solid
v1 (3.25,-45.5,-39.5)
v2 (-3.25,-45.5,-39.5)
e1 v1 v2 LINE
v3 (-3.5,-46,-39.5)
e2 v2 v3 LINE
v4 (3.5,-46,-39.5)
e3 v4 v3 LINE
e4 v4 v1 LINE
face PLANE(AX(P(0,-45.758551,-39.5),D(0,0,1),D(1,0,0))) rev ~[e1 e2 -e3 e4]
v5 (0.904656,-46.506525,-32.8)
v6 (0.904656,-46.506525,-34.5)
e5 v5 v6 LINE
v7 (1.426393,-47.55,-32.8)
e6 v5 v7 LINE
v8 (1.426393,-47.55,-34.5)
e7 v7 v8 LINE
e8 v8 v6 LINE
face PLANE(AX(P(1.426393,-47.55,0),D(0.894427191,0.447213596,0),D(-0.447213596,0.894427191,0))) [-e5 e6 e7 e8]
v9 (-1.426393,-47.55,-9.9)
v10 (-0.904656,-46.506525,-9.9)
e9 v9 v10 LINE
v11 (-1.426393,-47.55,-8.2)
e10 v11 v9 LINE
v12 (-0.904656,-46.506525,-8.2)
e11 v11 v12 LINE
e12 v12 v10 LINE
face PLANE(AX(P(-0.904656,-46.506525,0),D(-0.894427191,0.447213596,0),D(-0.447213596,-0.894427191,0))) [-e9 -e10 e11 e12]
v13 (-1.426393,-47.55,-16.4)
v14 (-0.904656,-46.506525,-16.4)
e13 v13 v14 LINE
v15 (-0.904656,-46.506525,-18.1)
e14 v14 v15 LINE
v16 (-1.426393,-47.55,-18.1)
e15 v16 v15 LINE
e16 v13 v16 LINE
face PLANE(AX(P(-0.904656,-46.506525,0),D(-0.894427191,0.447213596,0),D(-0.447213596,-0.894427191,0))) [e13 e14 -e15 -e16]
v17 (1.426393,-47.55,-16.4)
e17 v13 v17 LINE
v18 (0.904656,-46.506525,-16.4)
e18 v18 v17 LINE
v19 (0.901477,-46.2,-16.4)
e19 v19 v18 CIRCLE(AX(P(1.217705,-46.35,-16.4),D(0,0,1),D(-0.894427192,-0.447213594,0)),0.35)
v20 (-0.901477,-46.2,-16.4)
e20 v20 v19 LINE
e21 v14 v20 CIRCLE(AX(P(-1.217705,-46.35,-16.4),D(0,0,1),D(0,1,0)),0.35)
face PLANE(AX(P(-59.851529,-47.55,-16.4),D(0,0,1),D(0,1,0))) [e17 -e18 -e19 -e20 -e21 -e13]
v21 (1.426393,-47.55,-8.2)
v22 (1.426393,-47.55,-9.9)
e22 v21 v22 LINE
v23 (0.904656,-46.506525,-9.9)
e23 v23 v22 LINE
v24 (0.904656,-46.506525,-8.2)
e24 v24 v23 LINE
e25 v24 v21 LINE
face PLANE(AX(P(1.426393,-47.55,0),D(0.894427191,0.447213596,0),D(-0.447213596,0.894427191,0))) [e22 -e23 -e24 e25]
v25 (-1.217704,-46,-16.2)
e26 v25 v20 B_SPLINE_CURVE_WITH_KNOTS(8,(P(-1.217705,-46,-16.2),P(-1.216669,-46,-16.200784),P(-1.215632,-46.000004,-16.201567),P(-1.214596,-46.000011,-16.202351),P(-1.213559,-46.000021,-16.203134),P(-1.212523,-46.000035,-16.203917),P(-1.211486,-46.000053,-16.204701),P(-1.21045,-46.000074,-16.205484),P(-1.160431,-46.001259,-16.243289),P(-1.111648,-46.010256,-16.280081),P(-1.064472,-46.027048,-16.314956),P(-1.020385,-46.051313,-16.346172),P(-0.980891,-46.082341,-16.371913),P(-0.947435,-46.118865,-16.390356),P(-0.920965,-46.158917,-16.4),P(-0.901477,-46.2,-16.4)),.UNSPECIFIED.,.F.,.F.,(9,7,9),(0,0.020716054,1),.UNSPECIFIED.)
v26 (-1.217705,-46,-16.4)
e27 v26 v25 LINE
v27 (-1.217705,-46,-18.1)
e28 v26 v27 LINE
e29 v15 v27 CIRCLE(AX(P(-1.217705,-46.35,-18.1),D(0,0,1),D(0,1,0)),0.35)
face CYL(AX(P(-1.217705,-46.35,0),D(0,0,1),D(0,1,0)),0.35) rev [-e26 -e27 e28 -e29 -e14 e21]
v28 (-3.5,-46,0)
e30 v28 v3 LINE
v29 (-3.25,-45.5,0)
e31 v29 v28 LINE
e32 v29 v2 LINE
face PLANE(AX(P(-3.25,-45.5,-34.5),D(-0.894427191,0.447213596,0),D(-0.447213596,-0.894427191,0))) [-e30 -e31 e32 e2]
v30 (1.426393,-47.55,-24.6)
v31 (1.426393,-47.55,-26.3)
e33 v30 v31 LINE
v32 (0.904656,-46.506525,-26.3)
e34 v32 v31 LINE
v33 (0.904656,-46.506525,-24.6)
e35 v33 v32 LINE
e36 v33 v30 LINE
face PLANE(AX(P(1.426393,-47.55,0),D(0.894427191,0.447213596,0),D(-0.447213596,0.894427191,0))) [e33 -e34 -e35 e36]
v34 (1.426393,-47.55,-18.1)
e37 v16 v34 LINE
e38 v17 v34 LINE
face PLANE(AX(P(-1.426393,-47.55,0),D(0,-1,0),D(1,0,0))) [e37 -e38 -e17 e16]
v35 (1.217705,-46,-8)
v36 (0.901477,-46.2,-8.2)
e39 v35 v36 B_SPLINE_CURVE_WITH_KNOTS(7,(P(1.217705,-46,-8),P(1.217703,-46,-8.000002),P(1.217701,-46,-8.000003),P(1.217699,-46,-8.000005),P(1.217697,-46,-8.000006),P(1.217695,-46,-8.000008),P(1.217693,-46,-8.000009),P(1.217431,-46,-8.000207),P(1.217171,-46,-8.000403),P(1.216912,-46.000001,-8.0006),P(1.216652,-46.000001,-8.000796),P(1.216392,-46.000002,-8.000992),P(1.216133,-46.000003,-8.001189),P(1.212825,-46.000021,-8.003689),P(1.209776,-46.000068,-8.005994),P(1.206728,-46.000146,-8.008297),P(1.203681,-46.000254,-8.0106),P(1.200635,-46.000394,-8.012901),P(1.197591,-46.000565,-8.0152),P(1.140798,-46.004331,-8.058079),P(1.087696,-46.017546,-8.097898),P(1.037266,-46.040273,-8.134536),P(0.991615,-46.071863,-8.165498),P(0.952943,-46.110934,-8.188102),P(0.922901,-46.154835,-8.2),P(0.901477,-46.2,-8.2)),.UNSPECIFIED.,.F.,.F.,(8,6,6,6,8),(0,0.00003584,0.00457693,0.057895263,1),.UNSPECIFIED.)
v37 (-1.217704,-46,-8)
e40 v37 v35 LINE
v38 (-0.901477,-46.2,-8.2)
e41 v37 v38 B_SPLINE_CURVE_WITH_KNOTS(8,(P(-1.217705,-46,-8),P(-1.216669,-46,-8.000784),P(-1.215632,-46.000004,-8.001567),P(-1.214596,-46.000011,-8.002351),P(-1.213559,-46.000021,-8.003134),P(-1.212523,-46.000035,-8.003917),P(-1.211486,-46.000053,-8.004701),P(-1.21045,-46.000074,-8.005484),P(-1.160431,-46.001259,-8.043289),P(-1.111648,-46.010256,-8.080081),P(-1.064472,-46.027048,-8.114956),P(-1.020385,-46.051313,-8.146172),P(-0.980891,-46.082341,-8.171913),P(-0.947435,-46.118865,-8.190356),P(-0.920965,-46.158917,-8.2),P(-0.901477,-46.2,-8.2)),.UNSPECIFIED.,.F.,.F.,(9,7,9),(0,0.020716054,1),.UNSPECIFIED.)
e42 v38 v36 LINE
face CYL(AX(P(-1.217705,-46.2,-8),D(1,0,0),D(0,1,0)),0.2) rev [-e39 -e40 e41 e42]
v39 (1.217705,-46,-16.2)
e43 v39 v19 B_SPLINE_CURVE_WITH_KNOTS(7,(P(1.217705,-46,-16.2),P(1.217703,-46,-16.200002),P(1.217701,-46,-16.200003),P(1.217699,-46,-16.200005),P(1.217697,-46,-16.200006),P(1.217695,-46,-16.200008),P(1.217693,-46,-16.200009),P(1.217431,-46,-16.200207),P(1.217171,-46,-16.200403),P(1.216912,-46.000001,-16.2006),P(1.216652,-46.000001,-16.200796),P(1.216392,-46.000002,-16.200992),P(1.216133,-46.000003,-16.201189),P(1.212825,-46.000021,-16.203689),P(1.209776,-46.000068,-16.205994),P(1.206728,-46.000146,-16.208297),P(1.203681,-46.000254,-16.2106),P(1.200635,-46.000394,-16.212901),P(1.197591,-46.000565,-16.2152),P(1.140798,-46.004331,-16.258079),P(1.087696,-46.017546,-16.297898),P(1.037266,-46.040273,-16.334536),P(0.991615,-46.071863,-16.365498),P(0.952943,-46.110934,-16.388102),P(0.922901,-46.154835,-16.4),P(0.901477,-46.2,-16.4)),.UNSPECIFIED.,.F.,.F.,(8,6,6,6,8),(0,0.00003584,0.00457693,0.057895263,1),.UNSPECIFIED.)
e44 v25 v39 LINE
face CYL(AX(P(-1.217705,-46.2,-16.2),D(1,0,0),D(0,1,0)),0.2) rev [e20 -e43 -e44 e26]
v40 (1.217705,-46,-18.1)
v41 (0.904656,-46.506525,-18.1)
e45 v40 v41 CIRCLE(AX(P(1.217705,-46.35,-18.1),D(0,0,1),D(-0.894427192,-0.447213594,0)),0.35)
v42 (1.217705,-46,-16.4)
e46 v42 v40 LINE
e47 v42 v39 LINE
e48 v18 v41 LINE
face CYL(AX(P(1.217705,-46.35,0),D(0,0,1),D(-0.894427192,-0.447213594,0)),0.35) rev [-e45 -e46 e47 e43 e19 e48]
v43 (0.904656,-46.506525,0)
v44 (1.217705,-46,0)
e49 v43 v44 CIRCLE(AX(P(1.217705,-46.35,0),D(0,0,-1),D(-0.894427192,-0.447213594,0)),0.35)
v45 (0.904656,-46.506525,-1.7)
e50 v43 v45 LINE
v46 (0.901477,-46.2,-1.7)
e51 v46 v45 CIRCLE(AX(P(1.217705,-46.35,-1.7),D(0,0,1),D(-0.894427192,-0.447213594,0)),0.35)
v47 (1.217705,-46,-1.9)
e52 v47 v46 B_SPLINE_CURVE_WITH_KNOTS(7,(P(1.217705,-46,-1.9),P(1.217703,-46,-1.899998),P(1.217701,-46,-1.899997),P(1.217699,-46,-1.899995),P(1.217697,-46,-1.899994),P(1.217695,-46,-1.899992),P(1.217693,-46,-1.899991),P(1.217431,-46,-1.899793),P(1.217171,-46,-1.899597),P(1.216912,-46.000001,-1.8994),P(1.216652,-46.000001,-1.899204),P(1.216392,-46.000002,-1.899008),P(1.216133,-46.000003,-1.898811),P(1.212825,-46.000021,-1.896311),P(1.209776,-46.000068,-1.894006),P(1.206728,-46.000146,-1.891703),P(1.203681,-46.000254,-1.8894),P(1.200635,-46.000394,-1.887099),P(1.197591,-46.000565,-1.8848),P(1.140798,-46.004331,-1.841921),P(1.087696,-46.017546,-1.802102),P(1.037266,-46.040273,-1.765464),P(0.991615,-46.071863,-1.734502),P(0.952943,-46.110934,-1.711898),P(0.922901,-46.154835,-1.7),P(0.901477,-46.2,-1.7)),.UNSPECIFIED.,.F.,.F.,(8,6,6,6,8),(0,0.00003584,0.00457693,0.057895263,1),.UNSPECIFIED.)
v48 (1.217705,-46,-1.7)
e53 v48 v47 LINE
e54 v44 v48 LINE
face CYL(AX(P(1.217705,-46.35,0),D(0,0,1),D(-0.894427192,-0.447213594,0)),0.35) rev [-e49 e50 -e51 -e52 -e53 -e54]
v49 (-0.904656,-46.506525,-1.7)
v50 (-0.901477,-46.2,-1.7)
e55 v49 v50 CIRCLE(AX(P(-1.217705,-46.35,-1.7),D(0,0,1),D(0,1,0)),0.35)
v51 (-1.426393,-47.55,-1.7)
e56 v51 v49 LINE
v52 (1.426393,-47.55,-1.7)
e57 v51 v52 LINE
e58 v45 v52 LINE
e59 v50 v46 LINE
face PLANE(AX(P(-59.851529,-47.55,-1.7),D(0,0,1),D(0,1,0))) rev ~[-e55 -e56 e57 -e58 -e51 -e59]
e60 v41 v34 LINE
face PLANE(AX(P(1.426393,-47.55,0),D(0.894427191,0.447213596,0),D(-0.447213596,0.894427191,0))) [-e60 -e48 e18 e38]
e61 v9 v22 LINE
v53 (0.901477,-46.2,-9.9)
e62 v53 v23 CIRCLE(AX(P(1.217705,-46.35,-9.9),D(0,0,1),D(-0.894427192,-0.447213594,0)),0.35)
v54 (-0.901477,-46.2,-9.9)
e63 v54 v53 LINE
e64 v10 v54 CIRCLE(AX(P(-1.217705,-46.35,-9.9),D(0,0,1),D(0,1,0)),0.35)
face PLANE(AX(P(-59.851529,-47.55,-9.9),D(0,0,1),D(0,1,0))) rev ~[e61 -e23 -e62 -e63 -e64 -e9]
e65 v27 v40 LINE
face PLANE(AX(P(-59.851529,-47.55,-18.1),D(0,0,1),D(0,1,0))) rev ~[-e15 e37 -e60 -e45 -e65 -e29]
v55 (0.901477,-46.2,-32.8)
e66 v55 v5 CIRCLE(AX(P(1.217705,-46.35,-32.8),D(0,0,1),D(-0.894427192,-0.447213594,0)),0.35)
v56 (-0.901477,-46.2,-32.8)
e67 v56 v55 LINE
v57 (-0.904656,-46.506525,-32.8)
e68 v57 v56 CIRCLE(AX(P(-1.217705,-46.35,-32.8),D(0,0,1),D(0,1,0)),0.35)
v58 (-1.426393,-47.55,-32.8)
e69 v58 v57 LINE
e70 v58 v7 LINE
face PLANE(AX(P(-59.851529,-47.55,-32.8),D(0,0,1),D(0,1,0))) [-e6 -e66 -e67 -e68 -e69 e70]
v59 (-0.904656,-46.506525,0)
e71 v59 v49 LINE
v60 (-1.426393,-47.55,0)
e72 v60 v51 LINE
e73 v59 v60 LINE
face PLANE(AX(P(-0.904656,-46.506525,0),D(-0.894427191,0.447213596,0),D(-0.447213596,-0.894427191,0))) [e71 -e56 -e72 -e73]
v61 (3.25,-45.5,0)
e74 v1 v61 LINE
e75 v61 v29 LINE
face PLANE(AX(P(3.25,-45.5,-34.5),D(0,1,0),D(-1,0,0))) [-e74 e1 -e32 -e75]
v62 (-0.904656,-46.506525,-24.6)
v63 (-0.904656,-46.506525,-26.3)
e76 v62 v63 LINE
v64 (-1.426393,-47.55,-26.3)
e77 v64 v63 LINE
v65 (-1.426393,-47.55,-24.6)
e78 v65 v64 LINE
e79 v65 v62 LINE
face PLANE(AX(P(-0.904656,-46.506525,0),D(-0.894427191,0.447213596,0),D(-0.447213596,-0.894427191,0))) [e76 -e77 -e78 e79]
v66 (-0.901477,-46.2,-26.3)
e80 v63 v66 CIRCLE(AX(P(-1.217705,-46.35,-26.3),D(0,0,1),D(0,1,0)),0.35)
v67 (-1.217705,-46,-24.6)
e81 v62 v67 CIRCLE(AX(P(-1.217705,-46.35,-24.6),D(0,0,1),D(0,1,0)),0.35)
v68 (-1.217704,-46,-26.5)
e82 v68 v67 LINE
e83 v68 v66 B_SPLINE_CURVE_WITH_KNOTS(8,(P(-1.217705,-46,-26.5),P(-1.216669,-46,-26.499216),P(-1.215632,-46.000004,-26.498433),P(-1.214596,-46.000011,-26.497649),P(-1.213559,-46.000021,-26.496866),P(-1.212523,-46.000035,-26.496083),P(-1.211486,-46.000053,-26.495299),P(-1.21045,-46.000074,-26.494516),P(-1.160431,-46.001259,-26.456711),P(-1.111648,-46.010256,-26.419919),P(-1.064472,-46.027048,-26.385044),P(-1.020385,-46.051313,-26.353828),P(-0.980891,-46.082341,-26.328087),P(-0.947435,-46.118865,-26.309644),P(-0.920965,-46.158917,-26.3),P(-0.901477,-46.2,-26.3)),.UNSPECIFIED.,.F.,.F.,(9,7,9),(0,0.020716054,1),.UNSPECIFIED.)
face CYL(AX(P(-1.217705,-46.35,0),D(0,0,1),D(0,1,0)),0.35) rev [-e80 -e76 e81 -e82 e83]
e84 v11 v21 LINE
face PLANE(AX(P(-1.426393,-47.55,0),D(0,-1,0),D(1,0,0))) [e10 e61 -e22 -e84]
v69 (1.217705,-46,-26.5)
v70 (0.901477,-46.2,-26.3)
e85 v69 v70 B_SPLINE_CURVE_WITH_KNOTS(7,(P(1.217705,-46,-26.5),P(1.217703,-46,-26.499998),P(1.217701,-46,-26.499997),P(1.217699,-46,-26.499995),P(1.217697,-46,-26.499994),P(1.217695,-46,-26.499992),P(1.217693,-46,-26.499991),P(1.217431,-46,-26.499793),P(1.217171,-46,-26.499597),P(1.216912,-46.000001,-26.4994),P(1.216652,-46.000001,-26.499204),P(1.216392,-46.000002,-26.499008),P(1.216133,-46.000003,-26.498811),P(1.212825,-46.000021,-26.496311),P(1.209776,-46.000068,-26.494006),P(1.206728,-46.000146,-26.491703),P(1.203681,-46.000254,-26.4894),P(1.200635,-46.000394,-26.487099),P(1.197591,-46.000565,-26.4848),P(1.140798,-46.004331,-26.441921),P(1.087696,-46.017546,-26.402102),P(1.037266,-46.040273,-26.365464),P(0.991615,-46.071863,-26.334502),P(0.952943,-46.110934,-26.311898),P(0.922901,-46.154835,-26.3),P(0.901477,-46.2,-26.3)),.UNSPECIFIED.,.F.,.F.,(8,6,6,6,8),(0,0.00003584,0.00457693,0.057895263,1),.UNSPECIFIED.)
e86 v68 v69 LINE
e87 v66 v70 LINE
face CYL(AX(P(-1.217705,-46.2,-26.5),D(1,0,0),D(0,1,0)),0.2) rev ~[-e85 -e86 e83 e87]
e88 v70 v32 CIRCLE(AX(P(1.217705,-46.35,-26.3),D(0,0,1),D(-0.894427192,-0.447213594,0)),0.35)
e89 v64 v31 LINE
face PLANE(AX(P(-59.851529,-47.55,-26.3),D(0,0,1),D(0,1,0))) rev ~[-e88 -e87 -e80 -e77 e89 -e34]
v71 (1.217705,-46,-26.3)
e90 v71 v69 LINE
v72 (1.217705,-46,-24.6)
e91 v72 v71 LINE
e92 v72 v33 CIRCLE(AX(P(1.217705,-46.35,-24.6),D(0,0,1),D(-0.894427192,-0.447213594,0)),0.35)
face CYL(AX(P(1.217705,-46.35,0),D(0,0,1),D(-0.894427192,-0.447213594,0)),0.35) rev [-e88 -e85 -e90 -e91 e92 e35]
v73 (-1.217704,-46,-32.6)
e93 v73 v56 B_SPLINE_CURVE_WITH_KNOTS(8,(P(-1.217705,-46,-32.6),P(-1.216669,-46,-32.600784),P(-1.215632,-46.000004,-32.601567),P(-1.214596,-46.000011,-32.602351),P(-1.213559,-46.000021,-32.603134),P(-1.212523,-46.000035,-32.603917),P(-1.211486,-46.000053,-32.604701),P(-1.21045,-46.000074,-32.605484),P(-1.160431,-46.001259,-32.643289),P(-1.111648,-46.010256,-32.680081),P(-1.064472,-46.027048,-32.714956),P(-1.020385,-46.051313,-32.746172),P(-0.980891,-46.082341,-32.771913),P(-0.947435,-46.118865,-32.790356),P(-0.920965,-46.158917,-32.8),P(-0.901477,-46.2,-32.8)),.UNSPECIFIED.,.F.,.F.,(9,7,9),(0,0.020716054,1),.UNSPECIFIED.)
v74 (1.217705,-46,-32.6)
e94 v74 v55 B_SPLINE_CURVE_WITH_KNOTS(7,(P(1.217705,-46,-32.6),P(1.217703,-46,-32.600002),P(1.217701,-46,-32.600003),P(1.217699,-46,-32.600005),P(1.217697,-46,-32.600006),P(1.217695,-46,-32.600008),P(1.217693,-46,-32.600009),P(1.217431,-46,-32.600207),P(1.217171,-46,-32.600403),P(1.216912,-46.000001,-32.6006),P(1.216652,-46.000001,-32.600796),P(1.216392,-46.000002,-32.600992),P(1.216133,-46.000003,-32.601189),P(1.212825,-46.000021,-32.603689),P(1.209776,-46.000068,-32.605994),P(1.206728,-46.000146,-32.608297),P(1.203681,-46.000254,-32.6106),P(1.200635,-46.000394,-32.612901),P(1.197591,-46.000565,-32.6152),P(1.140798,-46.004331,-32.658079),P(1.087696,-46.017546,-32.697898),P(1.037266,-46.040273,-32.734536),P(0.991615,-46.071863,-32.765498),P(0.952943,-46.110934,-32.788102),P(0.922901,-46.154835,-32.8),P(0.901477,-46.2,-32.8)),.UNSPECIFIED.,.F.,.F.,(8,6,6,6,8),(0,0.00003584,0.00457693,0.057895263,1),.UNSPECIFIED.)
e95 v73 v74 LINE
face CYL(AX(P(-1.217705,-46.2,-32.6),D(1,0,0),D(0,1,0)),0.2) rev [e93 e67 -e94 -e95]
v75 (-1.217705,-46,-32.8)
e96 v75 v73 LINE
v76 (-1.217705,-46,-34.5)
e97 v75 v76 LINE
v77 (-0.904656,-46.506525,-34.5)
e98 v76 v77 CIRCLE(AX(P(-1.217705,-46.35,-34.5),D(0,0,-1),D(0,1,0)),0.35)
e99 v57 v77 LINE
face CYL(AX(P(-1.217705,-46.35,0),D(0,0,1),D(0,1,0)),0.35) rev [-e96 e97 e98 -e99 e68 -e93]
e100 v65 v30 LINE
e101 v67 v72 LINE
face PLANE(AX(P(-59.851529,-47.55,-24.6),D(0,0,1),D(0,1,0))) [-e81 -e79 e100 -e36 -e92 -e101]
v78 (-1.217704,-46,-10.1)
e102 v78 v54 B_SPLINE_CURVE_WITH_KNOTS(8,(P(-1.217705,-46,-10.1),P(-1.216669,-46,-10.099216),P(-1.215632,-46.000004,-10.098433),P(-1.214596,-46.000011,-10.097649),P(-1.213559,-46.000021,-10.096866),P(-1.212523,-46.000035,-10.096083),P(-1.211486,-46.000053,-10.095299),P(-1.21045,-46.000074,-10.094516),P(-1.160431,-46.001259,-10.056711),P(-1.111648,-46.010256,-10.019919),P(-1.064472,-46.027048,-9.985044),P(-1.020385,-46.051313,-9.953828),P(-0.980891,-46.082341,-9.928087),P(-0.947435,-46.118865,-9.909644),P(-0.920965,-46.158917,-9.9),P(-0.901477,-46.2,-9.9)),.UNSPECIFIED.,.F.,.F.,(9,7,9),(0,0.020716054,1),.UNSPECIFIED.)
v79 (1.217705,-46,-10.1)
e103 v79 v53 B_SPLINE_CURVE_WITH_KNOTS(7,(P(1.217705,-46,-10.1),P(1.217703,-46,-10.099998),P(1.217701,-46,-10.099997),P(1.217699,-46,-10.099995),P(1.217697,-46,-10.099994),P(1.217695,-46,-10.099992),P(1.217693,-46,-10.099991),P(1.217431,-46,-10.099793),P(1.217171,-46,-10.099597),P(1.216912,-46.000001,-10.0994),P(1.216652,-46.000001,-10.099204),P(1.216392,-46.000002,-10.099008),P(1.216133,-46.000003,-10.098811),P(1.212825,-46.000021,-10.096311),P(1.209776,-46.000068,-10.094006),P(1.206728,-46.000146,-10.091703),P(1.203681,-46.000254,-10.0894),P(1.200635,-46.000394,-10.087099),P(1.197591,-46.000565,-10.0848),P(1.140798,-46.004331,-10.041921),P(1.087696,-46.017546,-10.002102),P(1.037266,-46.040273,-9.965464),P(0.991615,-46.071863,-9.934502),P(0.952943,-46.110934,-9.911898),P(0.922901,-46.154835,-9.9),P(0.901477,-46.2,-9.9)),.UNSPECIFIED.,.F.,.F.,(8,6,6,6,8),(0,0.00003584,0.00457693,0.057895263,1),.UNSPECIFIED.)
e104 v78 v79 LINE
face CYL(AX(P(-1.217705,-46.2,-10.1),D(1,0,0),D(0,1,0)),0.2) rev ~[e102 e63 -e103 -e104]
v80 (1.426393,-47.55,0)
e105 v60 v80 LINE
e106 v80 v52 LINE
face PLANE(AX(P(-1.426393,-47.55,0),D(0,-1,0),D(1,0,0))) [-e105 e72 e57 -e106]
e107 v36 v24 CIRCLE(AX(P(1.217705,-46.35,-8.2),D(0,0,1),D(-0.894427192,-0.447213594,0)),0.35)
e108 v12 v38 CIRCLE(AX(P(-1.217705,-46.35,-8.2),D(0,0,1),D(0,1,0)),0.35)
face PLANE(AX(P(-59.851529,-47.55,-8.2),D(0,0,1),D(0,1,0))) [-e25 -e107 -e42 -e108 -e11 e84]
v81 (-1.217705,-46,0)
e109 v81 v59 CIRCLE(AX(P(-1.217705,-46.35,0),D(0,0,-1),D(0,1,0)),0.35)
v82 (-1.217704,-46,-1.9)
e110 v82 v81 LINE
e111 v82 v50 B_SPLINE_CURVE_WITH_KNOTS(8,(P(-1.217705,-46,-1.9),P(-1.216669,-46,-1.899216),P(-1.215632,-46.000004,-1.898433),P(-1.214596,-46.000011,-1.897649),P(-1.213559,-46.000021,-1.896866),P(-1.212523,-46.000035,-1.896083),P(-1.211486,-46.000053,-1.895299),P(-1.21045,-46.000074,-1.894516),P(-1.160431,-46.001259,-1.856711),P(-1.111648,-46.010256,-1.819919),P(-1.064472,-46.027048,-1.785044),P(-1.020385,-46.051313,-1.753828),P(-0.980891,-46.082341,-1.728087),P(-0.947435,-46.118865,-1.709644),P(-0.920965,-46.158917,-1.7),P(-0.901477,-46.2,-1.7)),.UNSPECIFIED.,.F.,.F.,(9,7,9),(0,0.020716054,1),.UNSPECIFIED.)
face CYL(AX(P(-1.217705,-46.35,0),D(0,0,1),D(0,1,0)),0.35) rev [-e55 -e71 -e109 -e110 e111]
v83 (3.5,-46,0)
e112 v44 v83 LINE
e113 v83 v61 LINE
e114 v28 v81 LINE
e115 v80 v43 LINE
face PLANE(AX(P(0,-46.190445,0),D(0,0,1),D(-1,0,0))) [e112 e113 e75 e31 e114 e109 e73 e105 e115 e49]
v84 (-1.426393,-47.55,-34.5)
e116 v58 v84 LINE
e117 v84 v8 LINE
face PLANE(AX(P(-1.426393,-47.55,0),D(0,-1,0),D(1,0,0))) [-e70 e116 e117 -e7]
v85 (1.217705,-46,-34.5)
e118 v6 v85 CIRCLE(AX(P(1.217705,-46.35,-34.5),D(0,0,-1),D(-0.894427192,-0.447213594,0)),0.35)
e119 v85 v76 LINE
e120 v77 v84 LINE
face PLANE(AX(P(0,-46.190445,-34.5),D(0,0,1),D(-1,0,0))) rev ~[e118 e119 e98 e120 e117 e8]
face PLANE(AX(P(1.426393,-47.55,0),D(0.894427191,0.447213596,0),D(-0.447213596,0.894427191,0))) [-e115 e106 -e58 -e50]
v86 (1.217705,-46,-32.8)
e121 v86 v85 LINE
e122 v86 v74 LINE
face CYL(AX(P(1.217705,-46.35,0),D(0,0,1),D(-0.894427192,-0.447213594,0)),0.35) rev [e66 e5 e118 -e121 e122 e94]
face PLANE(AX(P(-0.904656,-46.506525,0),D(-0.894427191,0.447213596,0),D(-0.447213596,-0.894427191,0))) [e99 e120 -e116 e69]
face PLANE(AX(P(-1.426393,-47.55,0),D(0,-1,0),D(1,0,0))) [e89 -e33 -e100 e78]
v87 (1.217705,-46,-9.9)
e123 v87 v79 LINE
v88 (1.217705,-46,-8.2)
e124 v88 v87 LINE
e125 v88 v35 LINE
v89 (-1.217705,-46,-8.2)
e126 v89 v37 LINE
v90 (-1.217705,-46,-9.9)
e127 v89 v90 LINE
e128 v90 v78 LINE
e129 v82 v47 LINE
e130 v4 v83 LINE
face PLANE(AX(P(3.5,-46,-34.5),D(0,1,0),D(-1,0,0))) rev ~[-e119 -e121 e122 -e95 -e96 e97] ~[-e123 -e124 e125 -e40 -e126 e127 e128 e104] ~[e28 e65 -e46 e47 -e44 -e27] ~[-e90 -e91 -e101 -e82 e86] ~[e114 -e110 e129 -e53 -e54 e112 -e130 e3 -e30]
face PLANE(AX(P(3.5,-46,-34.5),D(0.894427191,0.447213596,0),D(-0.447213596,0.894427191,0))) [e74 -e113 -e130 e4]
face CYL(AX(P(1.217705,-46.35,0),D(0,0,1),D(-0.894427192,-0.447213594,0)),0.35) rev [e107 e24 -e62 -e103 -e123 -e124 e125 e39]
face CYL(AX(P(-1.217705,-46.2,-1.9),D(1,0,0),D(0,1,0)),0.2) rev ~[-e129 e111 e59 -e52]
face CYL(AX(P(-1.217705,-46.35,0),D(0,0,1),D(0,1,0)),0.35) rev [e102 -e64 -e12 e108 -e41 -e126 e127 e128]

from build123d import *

# Parameters (mm, degrees)
BOSS_EXTRUDE1_DEPTH     = 34.5
CUT_EXTRUDE1_DEPTH      = 59.851529292
CUT_EXTRUDE1_DEPTH_BACK = 59.851529292
SKETCH2_W               = 6.5
SKETCH2_H               = 1.55
BOSS_EXTRUDE2_DEPTH     = 5
FILLET1_R               = 0.2


with BuildPart() as part:
    # Sketch1 → Boss-Extrude1 (new body)
    with BuildSketch(Plane(origin=(0, 0, 0), x_dir=(1, 0, 0), z_dir=(0, 0, -1))):
        with BuildLine():
            Line((-3.5, 46), (-1.217705098, 46))
            ThreePointArc((-1.217705098, 46), (-0.919977315, 46.165994111), (-0.904655581, 46.506524758))
            Line((-0.904655581, 46.506524758), (-1.426393202, 47.55))
            Line((-1.426393202, 47.55), (1.426393202, 47.55))
            Line((1.426393202, 47.55), (0.904655581, 46.506524758))
            ThreePointArc((0.904655581, 46.506524758), (0.919977315, 46.165994111), (1.217705098, 46))
            Line((1.217705098, 46), (3.5, 46))
            Line((3.5, 46), (3.25, 45.5))
            Line((3.25, 45.5), (-3.25, 45.5))
            Line((-3.25, 45.5), (-3.5, 46))
        make_face()
    extrude(amount=BOSS_EXTRUDE1_DEPTH)

    # Sketch2 → Cut-Extrude1 (cut, two sides: drawn at the far end of the back side and taken through both)
    with BuildSketch(Plane(origin=(0, 0, 0), x_dir=(0, 0, -1), z_dir=(1, 0, 0)).offset(-CUT_EXTRUDE1_DEPTH_BACK)):
        with Locations((4.95, -46.775)):
            Rectangle(SKETCH2_W, SKETCH2_H)
        with Locations((29.55, -46.775)):
            Rectangle(SKETCH2_W, SKETCH2_H)
        with Locations((21.35, -46.775)):
            Rectangle(SKETCH2_W, SKETCH2_H)
        with Locations((13.15, -46.775)):
            Rectangle(SKETCH2_W, SKETCH2_H)
    extrude(amount=CUT_EXTRUDE1_DEPTH + CUT_EXTRUDE1_DEPTH_BACK, mode=Mode.SUBTRACT)

    # Sketch3 → Boss-Extrude2 (add)
    with BuildSketch(Plane(origin=(0, 0, -34.5), x_dir=(-1, 0, 0), z_dir=(0, 0, -1))):
        Polygon((1.217705098, -46), (-1.217705098, -46), (-3.5, -46), (-3.25, -45.5), (3.25, -45.5), (3.5, -46), align=None)
    extrude(amount=BOSS_EXTRUDE2_DEPTH)

    # Fillet1
    fillet1_edges = [part.edges().sort_by_distance(p)[0] for p in [
        (0, -46, -26.3),
        (0, -46, -32.8),
        (0, -46, -1.7),
        (0, -46, -8.2),
        (0, -46, -9.9),
        (0, -46, -16.4),
    ]]
    fillet(fillet1_edges, radius=FILLET1_R)


solid = part.part
